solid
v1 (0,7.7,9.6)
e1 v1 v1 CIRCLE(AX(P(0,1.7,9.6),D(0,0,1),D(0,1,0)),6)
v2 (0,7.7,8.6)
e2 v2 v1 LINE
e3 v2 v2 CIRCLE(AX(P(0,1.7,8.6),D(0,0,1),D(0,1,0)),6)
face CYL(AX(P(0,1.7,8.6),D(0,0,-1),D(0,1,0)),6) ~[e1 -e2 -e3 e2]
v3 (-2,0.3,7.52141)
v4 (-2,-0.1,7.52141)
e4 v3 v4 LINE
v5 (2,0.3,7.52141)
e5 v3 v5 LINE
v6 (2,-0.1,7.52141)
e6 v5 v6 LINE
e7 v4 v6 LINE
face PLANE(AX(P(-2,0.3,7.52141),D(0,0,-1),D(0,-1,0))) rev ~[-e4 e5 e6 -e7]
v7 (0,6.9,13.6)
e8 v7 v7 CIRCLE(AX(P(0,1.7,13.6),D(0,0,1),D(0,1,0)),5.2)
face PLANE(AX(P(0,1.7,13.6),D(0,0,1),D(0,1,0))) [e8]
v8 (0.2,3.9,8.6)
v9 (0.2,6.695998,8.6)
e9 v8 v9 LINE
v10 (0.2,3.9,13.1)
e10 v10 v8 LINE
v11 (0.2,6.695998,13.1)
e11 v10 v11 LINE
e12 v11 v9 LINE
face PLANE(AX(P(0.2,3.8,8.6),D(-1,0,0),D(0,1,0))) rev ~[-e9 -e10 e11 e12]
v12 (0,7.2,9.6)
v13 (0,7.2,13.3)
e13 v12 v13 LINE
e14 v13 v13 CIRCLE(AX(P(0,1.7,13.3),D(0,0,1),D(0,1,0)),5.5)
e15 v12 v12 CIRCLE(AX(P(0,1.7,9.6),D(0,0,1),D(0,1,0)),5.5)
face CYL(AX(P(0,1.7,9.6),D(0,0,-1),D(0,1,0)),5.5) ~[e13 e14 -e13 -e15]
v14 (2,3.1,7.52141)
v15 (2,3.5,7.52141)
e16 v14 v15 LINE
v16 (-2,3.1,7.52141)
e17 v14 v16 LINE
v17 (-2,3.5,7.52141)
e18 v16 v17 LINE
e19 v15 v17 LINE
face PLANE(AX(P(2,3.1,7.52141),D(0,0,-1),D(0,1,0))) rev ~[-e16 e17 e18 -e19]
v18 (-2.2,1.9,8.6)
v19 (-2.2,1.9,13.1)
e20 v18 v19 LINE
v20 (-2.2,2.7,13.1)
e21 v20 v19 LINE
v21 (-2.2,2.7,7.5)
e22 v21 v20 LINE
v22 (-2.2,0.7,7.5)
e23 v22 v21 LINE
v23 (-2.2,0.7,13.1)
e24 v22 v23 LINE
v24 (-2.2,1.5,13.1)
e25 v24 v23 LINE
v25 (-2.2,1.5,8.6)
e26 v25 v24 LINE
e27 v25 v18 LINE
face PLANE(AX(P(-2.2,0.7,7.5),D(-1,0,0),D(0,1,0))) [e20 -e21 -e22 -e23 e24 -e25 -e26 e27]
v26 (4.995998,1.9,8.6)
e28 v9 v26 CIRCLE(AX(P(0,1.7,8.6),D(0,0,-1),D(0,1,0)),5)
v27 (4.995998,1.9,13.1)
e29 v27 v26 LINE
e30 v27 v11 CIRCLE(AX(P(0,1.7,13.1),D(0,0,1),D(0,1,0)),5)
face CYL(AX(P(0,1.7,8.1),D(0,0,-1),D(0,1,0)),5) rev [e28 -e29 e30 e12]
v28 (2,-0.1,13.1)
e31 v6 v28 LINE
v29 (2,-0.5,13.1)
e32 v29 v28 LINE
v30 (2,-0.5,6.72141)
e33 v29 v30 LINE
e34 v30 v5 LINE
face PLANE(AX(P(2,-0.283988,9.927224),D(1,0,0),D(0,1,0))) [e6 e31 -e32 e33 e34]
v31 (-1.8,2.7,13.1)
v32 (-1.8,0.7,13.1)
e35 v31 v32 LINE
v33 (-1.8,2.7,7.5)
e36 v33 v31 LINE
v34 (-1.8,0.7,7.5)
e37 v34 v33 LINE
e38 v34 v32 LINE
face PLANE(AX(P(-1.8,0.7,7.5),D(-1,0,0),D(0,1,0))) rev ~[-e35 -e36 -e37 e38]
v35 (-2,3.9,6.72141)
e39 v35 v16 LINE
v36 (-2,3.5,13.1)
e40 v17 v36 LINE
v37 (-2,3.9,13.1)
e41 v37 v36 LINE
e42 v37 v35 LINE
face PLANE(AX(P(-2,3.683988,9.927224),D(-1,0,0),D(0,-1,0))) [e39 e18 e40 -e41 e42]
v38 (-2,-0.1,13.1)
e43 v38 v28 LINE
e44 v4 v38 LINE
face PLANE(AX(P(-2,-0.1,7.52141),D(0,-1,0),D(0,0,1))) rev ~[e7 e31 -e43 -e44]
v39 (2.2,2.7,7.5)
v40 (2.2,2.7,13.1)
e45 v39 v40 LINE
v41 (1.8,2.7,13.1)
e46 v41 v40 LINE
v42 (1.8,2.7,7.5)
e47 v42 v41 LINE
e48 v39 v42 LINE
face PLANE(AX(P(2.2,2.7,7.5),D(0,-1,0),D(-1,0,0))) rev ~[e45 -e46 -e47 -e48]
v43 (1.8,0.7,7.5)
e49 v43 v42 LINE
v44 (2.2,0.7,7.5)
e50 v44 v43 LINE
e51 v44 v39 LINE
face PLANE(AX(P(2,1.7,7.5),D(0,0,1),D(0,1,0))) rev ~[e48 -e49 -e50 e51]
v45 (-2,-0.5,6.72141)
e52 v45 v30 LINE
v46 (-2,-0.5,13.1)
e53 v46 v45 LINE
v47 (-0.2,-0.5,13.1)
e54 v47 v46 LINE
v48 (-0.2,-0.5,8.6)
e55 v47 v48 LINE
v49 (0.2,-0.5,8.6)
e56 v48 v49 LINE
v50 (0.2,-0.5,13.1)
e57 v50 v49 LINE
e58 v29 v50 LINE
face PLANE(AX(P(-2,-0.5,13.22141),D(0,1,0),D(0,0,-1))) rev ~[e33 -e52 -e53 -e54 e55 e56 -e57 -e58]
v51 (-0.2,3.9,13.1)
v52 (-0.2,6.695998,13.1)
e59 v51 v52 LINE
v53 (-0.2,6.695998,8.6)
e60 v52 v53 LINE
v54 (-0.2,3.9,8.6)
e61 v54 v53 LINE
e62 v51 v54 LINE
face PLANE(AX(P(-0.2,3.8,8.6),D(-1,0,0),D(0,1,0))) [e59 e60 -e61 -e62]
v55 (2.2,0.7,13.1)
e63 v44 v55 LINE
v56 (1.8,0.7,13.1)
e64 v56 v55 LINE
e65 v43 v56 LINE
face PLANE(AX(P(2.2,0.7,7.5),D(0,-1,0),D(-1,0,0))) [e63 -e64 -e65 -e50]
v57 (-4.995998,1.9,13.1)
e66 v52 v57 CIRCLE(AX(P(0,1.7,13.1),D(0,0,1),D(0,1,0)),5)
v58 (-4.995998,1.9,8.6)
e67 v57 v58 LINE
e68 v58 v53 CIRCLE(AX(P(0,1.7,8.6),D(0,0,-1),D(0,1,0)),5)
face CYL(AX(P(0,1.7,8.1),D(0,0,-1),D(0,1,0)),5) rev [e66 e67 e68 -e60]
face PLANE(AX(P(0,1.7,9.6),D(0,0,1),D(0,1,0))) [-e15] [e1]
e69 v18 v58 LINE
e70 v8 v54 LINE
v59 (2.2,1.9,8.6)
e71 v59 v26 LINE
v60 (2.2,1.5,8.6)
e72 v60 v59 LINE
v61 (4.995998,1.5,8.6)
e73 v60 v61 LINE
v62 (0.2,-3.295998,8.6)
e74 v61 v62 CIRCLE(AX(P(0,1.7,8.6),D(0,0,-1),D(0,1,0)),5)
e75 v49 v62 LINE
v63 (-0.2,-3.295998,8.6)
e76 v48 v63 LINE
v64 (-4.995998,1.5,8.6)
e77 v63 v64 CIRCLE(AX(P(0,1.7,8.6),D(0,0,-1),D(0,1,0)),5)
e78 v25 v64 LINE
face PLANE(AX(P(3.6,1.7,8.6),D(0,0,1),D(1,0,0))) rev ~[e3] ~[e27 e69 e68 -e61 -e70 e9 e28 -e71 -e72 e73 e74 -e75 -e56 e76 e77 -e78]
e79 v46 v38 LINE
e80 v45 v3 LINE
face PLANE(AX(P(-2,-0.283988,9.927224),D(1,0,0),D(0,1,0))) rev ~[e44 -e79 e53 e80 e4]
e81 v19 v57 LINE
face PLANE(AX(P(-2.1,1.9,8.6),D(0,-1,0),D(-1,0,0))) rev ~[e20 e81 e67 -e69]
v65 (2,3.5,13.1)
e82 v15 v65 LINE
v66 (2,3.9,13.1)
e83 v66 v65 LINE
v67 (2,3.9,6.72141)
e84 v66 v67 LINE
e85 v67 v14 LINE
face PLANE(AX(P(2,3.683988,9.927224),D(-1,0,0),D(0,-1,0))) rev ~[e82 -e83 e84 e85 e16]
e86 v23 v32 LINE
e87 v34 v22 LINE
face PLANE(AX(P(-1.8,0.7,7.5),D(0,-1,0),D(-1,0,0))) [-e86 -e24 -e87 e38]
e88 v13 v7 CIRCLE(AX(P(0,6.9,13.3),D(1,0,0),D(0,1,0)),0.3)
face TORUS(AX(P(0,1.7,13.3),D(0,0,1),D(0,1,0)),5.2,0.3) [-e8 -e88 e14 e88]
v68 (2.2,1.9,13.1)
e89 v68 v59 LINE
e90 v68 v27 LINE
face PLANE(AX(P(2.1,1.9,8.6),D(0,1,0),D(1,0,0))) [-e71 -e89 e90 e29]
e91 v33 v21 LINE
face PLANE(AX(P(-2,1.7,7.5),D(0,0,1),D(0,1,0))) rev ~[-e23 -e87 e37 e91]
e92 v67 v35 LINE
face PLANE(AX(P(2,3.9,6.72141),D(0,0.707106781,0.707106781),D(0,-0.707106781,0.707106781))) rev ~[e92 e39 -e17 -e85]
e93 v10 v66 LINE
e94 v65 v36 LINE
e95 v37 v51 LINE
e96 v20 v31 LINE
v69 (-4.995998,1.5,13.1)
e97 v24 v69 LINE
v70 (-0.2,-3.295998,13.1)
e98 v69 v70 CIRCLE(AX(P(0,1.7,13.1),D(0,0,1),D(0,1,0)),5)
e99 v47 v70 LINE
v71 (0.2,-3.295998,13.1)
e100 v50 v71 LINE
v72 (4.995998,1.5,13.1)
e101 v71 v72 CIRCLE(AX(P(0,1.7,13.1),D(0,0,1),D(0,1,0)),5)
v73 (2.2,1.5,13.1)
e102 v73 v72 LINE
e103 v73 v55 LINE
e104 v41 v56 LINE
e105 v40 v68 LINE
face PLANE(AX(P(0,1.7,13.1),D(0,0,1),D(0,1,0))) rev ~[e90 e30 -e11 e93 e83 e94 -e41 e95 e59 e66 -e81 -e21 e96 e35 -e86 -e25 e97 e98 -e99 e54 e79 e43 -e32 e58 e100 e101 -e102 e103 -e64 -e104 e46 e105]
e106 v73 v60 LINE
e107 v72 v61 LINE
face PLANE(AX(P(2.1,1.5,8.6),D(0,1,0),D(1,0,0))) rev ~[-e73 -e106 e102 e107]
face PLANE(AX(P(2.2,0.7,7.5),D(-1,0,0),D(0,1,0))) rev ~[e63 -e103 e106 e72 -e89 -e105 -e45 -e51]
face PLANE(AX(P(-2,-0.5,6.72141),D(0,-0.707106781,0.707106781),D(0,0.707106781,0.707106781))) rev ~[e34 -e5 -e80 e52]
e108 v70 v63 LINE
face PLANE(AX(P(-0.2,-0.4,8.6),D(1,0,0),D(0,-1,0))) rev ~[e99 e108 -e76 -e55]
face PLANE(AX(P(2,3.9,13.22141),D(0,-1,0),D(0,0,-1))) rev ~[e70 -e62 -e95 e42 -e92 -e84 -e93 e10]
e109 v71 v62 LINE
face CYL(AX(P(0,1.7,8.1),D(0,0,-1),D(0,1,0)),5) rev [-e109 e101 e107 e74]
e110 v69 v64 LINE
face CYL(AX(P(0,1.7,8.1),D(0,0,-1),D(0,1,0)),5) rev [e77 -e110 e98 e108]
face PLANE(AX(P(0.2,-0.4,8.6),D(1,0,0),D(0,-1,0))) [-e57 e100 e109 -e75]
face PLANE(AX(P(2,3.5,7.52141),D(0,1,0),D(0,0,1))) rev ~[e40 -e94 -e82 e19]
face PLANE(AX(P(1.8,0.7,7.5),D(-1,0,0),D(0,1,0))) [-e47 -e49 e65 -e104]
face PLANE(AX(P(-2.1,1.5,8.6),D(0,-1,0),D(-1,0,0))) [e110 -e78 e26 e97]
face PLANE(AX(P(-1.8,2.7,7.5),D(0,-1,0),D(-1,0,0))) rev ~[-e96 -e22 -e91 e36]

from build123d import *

# Parameters (mm, degrees)
PAD004_DEPTH              = 4
BOX019_W                  = 2
BOX019_H                  = 0.4
BOX019_DEPTH              = 5.7
PAD003_DEPTH              = 4
BOX021_W                  = 2
BOX021_H                  = 0.4
BOX021_DEPTH              = 5.7
BOX020_W                  = 3
BOX020_H                  = 0.4
BOX020_DEPTH              = 4.5
ARRAY_COUNT               = 4
CYLINDER015_R             = 5
CYLINDER015_DEPTH         = 5
CYLINDER019_R             = 6
CYLINDER019_DEPTH         = 1
CYLINDER018_R             = 5.5
CYLINDER018_DEPTH         = 4
FILLET_R                  = 0.3
FUSION001_PLACEMENT_ANGLE = 90


with BuildPart() as pad004:
    # Sketch007 → Pad004 (new body)
    with BuildSketch(Plane(origin=(0.3, -2, 0), x_dir=(-1, 0, 0), z_dir=(0, 1, 0))):
        Polygon((-1.9, 4.62141), (-1.9, -1.87859), (-1.1, -1.07859), (-1.5, -1.07859), (-1.5, 4.62141), align=None)
    extrude(amount=PAD004_DEPTH)


with BuildPart() as cubo008:
    # Box019 → Box019 (new body)
    with BuildSketch(Plane(origin=(-1, -2.2, -1.1), x_dir=(1, 0, 0), z_dir=(0, 0, 1))):
        with Locations((1, 0.2)):
            Rectangle(BOX019_W, BOX019_H)
    extrude(amount=BOX019_DEPTH)


with BuildPart() as pad003:
    # Sketch008 → Pad003 (new body)
    with BuildSketch(Plane.XZ.offset(-2)):
        Polygon((-2.2, 4.62141), (-2.2, -1.87859), (-1.4, -1.07859), (-1.8, -1.07859), (-1.8, 4.62141), align=None)
    extrude(amount=PAD003_DEPTH)


with BuildPart() as cubo007:
    # Box021 → Box021 (new body)
    with BuildSketch(Plane(origin=(-1, 1.8, -1.1), x_dir=(1, 0, 0), z_dir=(0, 0, 1))):
        with Locations((1, 0.2)):
            Rectangle(BOX021_W, BOX021_H)
    extrude(amount=BOX021_DEPTH)


with BuildPart() as array:
    # Box020 → Box020 (new body)
    with BuildSketch(Plane(origin=(2.1, -0.2, 0), x_dir=(1, 0, 0), z_dir=(0, 0, 1))):
        with Locations((1.5, 0.2)):
            Rectangle(BOX020_W, BOX020_H)
    extrude(amount=BOX020_DEPTH)

    # Array: Array ×4 about axis
    array_axis = Axis((0, 0, 0), (0, 0, 1))


with BuildPart() as array_1:
    add(array.part)
    for i in range(1, ARRAY_COUNT):
        add(array.part.rotate(array_axis, i * 360 / ARRAY_COUNT))


with BuildPart() as cilindro018:
    # Cylinder015 → Cylinder015 (new body)
    with BuildSketch(Plane.XY.offset(-0.5)):
        Circle(CYLINDER015_R)
    extrude(amount=CYLINDER015_DEPTH)


with BuildPart() as cilindro017:
    # Cylinder019 → Cylinder019 (new body)
    with BuildSketch(Plane.XY):
        Circle(CYLINDER019_R)
    extrude(amount=CYLINDER019_DEPTH)


with BuildPart() as tapon:
    # Cylinder018 → Cylinder018 (new body)
    with BuildSketch(Plane.XY.offset(1)):
        Circle(CYLINDER018_R)
    extrude(amount=CYLINDER018_DEPTH)

    # Fusion002: union Cilindro017
    add(cilindro017.part)

    # Cut032: cut Cilindro018
    add(cilindro018.part, mode=Mode.SUBTRACT)

    # Fillet
    fillet_edges = [tapon.edges().sort_by_distance(p)[0] for p in [
        (-5.5, 0, 5),
    ]]
    fillet(fillet_edges, radius=FILLET_R)

    # Fusion001: union Pad004, Cubo008, Pad003, Cubo007, Array
    add(pad004.part)
    add(cubo008.part)
    add(pad003.part)
    add(cubo007.part)
    add(array_1.part)


with BuildPart() as tapon_1:
    # Fusion001 placement: moved
    add(tapon.part.moved(Location((0, 1.7, 8.6))).rotate(Axis((0, 1.7, 8.6), (0, 0, 1)), FUSION001_PLACEMENT_ANGLE))


solid = tapon_1.part
